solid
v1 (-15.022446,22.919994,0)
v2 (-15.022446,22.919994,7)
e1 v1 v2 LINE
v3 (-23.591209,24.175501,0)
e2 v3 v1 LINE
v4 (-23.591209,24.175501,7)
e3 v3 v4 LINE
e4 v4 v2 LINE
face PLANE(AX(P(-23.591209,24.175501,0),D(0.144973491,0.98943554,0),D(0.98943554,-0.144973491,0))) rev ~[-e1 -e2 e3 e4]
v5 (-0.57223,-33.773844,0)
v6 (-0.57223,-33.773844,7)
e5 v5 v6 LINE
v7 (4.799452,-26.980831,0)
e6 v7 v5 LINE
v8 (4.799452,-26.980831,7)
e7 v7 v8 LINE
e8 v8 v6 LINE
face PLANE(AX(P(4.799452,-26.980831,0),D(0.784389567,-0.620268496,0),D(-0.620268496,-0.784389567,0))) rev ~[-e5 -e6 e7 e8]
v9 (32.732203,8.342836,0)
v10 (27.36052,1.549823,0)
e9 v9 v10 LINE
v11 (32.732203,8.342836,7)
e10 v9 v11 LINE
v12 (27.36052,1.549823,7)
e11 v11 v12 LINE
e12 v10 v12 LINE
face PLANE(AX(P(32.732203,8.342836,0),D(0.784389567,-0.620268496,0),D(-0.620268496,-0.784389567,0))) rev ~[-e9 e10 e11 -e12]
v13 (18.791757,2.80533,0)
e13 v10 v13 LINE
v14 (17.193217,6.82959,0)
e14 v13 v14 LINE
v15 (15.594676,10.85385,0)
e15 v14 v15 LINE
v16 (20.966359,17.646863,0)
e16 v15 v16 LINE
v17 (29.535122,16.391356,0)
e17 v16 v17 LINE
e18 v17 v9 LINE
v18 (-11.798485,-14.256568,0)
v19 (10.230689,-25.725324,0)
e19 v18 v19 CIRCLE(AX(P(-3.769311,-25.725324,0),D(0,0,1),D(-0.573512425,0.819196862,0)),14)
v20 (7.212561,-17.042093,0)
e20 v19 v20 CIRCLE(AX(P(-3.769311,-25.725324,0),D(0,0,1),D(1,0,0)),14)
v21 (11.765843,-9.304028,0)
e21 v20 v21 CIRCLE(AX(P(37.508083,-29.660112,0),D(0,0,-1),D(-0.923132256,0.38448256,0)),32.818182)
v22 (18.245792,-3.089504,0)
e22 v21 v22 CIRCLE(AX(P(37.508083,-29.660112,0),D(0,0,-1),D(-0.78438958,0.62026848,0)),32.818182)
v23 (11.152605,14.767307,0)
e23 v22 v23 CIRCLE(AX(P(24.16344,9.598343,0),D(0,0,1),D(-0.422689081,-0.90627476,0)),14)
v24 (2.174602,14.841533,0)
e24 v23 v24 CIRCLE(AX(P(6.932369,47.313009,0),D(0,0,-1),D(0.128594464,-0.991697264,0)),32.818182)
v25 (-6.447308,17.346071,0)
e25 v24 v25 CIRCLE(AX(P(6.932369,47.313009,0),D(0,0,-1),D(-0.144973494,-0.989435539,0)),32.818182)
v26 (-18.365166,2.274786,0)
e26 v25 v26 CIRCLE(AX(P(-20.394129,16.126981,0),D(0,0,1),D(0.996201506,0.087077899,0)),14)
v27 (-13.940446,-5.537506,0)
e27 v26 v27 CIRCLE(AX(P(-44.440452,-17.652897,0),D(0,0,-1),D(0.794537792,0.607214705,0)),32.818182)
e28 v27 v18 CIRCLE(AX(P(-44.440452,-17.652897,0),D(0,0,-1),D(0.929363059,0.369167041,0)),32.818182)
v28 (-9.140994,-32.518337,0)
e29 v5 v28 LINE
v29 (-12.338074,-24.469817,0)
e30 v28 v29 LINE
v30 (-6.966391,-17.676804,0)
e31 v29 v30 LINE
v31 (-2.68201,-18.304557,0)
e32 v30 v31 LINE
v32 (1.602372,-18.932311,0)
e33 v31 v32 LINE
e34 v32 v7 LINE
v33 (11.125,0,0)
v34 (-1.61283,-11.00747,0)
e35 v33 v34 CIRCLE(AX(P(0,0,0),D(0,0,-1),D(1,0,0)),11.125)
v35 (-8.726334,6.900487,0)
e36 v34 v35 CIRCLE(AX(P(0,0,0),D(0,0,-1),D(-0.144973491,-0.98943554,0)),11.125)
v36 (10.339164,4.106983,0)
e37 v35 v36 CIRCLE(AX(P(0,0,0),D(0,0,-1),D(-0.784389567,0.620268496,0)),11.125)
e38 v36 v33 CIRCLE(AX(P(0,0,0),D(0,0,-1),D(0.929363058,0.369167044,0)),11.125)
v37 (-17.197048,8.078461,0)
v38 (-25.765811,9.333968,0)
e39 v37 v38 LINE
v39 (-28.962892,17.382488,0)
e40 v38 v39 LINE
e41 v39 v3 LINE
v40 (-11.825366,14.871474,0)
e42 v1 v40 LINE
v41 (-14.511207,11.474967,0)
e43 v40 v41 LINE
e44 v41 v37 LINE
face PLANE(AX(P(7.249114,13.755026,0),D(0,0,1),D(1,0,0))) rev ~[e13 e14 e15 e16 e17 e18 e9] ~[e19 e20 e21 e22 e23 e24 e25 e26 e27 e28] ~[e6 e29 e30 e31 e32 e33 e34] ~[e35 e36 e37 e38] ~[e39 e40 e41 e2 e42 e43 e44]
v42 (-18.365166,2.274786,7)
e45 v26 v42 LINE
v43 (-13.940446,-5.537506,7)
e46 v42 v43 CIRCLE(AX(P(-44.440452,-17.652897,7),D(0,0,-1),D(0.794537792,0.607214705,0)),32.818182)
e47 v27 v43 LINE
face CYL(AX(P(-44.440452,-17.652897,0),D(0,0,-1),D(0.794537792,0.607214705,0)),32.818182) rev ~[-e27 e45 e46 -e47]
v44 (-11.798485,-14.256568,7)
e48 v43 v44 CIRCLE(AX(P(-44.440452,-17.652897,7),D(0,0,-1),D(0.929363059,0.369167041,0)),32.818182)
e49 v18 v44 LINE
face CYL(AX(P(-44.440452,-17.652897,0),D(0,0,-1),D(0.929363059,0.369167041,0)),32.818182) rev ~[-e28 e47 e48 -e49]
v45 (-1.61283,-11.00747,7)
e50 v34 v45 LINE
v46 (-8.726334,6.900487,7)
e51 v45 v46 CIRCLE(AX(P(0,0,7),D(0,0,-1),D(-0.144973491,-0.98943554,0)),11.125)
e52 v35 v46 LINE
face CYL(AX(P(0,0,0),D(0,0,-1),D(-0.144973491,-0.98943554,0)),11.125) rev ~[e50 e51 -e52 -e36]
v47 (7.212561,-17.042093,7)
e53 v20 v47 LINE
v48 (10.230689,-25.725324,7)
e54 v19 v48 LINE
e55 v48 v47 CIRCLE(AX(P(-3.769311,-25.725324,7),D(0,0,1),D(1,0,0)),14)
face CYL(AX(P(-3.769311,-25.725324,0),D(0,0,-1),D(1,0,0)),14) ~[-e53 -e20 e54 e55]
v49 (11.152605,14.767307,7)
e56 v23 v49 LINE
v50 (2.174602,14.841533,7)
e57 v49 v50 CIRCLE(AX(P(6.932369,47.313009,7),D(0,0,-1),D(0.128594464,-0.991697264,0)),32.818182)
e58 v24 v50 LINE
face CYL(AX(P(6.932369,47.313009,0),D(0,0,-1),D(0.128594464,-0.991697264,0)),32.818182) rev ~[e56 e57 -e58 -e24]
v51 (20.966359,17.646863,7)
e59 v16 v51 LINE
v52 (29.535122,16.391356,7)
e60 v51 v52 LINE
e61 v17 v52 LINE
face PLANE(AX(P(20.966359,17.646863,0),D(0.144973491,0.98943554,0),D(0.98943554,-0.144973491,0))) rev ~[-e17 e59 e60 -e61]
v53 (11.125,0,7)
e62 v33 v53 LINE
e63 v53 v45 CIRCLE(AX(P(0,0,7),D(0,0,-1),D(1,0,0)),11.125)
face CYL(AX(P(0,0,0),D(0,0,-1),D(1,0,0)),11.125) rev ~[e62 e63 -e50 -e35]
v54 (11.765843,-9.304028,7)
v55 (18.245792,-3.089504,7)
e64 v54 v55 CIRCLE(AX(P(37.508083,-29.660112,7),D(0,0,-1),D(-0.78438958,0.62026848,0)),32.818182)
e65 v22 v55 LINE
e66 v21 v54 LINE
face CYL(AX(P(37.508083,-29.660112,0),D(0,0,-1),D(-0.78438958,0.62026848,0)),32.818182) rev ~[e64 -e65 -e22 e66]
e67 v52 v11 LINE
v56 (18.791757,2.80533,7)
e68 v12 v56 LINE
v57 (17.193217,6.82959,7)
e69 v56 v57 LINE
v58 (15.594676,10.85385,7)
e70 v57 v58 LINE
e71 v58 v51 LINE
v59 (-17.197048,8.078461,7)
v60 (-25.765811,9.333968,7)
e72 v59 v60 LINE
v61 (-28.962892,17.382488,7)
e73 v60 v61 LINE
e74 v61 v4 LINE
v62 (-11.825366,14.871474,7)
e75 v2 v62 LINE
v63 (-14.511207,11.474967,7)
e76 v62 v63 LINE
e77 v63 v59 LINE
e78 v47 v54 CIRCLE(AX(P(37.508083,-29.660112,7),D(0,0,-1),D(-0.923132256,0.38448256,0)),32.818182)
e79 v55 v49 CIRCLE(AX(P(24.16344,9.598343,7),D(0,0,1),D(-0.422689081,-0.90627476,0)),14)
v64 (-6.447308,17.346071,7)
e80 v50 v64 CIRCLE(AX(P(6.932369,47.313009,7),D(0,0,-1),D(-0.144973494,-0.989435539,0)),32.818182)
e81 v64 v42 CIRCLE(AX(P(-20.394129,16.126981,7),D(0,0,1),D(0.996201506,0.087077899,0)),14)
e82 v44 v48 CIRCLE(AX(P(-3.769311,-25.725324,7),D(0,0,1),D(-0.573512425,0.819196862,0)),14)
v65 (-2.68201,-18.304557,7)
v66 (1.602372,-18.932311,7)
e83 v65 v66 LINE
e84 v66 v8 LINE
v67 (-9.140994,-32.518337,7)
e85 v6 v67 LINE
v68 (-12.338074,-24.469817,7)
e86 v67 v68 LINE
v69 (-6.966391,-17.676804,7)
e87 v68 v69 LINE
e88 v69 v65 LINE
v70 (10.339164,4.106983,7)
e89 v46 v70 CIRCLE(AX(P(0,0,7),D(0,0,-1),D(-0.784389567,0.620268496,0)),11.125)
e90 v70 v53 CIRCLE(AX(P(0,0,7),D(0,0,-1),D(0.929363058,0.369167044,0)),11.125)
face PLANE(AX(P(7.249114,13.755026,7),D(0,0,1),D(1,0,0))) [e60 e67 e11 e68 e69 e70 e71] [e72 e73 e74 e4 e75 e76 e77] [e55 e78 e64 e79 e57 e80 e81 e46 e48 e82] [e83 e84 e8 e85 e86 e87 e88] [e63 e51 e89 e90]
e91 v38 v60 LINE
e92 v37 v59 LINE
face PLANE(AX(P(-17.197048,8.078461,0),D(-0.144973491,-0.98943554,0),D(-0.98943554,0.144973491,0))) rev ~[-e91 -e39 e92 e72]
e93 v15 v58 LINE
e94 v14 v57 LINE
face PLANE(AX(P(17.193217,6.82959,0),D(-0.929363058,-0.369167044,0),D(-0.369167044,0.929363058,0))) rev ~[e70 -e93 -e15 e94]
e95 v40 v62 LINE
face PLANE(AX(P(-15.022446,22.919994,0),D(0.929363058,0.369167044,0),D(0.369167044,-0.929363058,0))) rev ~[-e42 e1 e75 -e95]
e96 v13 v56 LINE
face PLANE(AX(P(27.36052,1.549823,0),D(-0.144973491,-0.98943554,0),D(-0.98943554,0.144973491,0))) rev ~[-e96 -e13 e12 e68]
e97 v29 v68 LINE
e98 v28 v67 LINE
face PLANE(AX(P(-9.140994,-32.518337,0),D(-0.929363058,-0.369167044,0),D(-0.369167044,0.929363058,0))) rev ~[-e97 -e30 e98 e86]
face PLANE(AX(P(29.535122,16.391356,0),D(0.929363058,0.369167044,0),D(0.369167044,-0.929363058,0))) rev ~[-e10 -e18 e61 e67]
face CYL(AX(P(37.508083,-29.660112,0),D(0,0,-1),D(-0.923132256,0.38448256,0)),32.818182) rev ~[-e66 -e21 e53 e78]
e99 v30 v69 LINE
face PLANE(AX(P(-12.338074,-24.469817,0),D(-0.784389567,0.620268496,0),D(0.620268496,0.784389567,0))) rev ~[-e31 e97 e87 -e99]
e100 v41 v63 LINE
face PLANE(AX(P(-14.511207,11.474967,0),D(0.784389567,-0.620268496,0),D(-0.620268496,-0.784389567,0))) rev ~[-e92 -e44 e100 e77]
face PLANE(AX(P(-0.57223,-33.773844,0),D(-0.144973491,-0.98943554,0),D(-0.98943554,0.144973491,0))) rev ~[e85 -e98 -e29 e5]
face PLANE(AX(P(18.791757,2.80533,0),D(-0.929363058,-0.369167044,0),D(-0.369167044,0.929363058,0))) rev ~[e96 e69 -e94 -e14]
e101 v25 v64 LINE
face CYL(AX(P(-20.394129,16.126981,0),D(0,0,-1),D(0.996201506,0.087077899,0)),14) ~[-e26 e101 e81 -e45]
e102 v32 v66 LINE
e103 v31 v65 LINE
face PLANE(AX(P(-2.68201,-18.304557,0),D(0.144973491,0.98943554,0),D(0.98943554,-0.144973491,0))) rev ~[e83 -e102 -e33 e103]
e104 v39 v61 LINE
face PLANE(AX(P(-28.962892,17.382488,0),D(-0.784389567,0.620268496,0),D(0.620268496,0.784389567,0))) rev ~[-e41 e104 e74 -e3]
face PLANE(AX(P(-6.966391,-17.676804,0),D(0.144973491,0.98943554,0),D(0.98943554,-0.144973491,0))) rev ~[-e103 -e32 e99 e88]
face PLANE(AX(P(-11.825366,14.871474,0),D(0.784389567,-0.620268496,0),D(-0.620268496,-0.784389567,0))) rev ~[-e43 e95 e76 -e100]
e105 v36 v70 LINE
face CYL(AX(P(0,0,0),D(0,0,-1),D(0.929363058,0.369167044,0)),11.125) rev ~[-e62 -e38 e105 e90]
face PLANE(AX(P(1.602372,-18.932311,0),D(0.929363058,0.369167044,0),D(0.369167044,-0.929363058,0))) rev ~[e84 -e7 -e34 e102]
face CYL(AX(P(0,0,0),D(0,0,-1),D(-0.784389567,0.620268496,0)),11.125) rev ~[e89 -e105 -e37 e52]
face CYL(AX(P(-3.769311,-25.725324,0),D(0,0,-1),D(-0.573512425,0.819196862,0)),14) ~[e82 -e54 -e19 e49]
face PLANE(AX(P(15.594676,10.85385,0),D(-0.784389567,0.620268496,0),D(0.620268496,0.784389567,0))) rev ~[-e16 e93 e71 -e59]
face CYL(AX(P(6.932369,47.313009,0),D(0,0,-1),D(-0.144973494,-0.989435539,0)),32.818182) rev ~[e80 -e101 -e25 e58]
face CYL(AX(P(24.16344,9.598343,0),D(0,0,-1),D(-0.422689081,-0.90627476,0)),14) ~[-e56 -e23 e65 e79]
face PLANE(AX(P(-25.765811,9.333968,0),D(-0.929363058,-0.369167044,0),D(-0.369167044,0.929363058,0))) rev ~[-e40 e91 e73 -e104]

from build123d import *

# Parameters (mm, degrees)
F1_DEPTH = 7


with BuildPart() as f1:
    # F0 (on Top) → F1 (new body)
    with BuildSketch(Plane.XY):
        with BuildLine():
            ThreePointArc((2.1746022478, 14.8415331103), (6.4977862425, 13.5195700356), (10.2307544738, 10.9695789753))
            ThreePointArc((10.2307544738, 10.9695789753), (10.5585141702, 12.900767483), (11.1526052364, 14.7673074037))
            ThreePointArc((11.1526052364, 14.7673074037), (6.6610534474, 14.4959482424), (2.1746022478, 14.8415331103))
        make_face()
        with BuildLine():
            ThreePointArc((-6.6537135081, 13.4435150371), (-2.3461080653, 14.8153898682), (2.1746022478, 14.8415331103))
            ThreePointArc((2.1746022478, 14.8415331103), (-2.222405254, 15.7975651559), (-6.4473076734, 17.3460714654))
            ThreePointArc((-6.4473076734, 17.3460714654), (-6.4074297998, 16.7371058402), (-6.3941287506, 16.1269808862))
            ThreePointArc((-6.3941287506, 16.1269808862), (-6.4591760525, 14.7789848542), (-6.6537135081, 13.4435150371))
        make_face()
        with BuildLine():
            ThreePointArc((-14.6153112984, 3.3753037866), (-16.4516494537, 2.6935577561), (-18.3651659754, 2.2747857513))
            ThreePointArc((-18.3651659754, 2.2747857513), (-15.8843861596, -1.4793326091), (-13.9404458375, -5.5375057427))
            ThreePointArc((-13.9404458375, -5.5375057427), (-14.9571842212, -1.1325370512), (-14.6153112984, 3.3753037866))
        make_face()
        with BuildLine():
            ThreePointArc((-11.7984847082, -14.2565679638), (-10.1191795776, -13.2481782826), (-8.3155687842, -12.484042446))
            ThreePointArc((-8.3155687842, -12.484042446), (-11.6574499679, -9.4394841091), (-13.9404458375, -5.5375057427))
            ThreePointArc((-13.9404458375, -5.5375057427), (-12.5698901189, -9.8234419736), (-11.7984847082, -14.2565679638))
        make_face()
        with BuildLine():
            ThreePointArc((7.2125607389, -17.042093155), (9.2233325136, -13.0166159499), (11.7658431097, -9.3040279405))
            ThreePointArc((11.7658431097, -9.3040279405), (8.4593976642, -12.3870331863), (4.3845568245, -14.3448827619))
            ThreePointArc((4.3845568245, -14.3448827619), (5.8931352835, -15.5943252391), (7.2125607389, -17.042093155))
        make_face()
        with BuildLine():
            ThreePointArc((18.2457923815, -3.0895035015), (16.5328487354, -2.1393774383), (14.9692822923, -0.959472591))
            ThreePointArc((14.9692822923, -0.959472591), (14.0035578894, -5.375906104), (11.7658431097, -9.3040279405))
            ThreePointArc((11.7658431097, -9.3040279405), (14.792295096, -5.9741234333), (18.2457923815, -3.0895035015))
        make_face()
        with BuildLine():
            ThreePointArc((-15.0224460068, 22.9199938039), (-10.9533439645, 19.7969343363), (-6.4473076734, 17.3460714654))
            ThreePointArc((-6.4473076734, 17.3460714654), (-31.3755826932, 24.8107398249), (-18.3651659754, 2.2747857513))
            ThreePointArc((-18.3651659754, 2.2747857513), (-21.7888075854, 6.0944414943), (-25.7658114944, 9.3339679685))
            Line((-25.7658114944, 9.3339679685), (-28.9628918775, 17.3824881445))
            Line((-28.9628918775, 17.3824881445), (-23.5912091337, 24.1755010623))
            Line((-23.5912091337, 24.1755010623), (-15.0224460068, 22.9199938039))
        make_face()
        with BuildLine():
            ThreePointArc((27.3605198922, 1.5498229669), (22.6213200346, -0.4125930385), (18.2457923815, -3.0895035015))
            ThreePointArc((18.2457923815, -3.0895035015), (31.6851726942, -2.2094309865), (38.1634395091, 9.598343143))
            ThreePointArc((38.1634395091, 9.598343143), (26.7948193926, 23.348828222), (11.1526052364, 14.7673074037))
            ThreePointArc((11.1526052364, 14.7673074037), (16.1723449486, 15.82244014), (20.966359126, 17.646863319))
            Line((20.966359126, 17.646863319), (29.5351222529, 16.3913560607))
            Line((29.5351222529, 16.3913560607), (32.732202636, 8.3428358846))
            Line((32.732202636, 8.3428358846), (27.3605198922, 1.5498229669))
        make_face()
        with BuildLine():
            ThreePointArc((10.2306892415, -25.7253240292), (9.454648576, -21.1289233158), (7.2125607389, -17.042093155))
            ThreePointArc((7.2125607389, -17.042093155), (5.6164626368, -21.9168816343), (4.7994523683, -26.9808312875))
            Line((4.7994523683, -26.9808312875), (-0.5722303754, -33.7738442052))
            Line((-0.5722303754, -33.7738442052), (-9.1409935023, -32.5183369469))
            Line((-9.1409935023, -32.5183369469), (-12.3380738854, -24.4698167708))
            ThreePointArc((-12.3380738854, -24.4698167708), (-11.6679760701, -19.3843412978), (-11.7984847082, -14.2565679638))
            ThreePointArc((-11.7984847082, -14.2565679638), (-10.2342765243, -38.1432231127), (10.2306892415, -25.7253240292))
        make_face()
        with BuildLine():
            ThreePointArc((13.9404458706, 5.5375056594), (14.7327303657, 2.818981371), (15, 0))
            ThreePointArc((15, 0), (14.9923186063, -0.4799820909), (14.9692822923, -0.959472591))
            ThreePointArc((14.9692822923, -0.959472591), (16.5328487354, -2.1393774383), (18.2457923815, -3.0895035015))
            ThreePointArc((18.2457923815, -3.0895035015), (22.6213200346, -0.4125930385), (27.3605198922, 1.5498229669))
            Line((27.3605198922, 1.5498229669), (18.7917567653, 2.8053302252))
            Line((18.7917567653, 2.8053302252), (17.1932165738, 6.8295903133))
            Line((17.1932165738, 6.8295903133), (13.9404458706, 5.5375056594))
        make_face()
        with BuildLine():
            ThreePointArc((10.2307544738, 10.9695789753), (12.3870330043, 8.4593979307), (13.9404458706, 5.5375056594))
            Line((13.9404458706, 5.5375056594), (17.1932165738, 6.8295903133))
            Line((17.1932165738, 6.8295903133), (15.5946763822, 10.8538504013))
            Line((15.5946763822, 10.8538504013), (20.966359126, 17.646863319))
            ThreePointArc((20.966359126, 17.646863319), (16.1723449486, 15.82244014), (11.1526052364, 14.7673074037))
            ThreePointArc((11.1526052364, 14.7673074037), (10.5585141702, 12.900767483), (10.2307544738, 10.9695789753))
        make_face()
        with BuildLine():
            ThreePointArc((-11.76584351, 9.3040274344), (-9.4394840743, 11.6574499961), (-6.6537135081, 13.4435150371))
            ThreePointArc((-6.6537135081, 13.4435150371), (-6.4591760525, 14.7789848542), (-6.3941287506, 16.1269808862))
            ThreePointArc((-6.3941287506, 16.1269808862), (-6.4074297998, 16.7371058402), (-6.4473076734, 17.3460714654))
            ThreePointArc((-6.4473076734, 17.3460714654), (-10.9533439645, 19.7969343363), (-15.0224460068, 22.9199938039))
            Line((-15.0224460068, 22.9199938039), (-11.8253656237, 14.8714736279))
            Line((-11.8253656237, 14.8714736279), (-14.5112069956, 11.474967169))
            Line((-14.5112069956, 11.474967169), (-11.76584351, 9.3040274344))
        make_face()
        with BuildLine():
            ThreePointArc((-14.6153112984, 3.3753037866), (-13.5195700109, 6.4977862939), (-11.76584351, 9.3040274344))
            Line((-11.76584351, 9.3040274344), (-14.5112069956, 11.474967169))
            Line((-14.5112069956, 11.474967169), (-17.1970483675, 8.0784607102))
            Line((-17.1970483675, 8.0784607102), (-25.7658114944, 9.3339679685))
            ThreePointArc((-25.7658114944, 9.3339679685), (-21.7888075854, 6.0944414943), (-18.3651659754, 2.2747857513))
            ThreePointArc((-18.3651659754, 2.2747857513), (-16.4516494537, 2.6935577561), (-14.6153112984, 3.3753037866))
        make_face()
        with BuildLine():
            Line((-2.6820095782, -18.3045574823), (-2.1746023607, -14.8415330938))
            ThreePointArc((-2.1746023607, -14.8415330938), (-5.3759058028, -14.003558005), (-8.3155687842, -12.484042446))
            ThreePointArc((-8.3155687842, -12.484042446), (-10.1191795776, -13.2481782826), (-11.7984847082, -14.2565679638))
            ThreePointArc((-11.7984847082, -14.2565679638), (-11.6679760701, -19.3843412978), (-12.3380738854, -24.4698167708))
            Line((-12.3380738854, -24.4698167708), (-6.9663911416, -17.6768038531))
            Line((-6.9663911416, -17.6768038531), (-2.6820095782, -18.3045574823))
        make_face()
        with BuildLine():
            ThreePointArc((7.2125607389, -17.042093155), (5.8931352835, -15.5943252391), (4.3845568245, -14.3448827619))
            ThreePointArc((4.3845568245, -14.3448827619), (1.1325370065, -14.9571842246), (-2.1746023607, -14.8415330938))
            Line((-2.1746023607, -14.8415330938), (-2.6820095782, -18.3045574823))
            Line((-2.6820095782, -18.3045574823), (1.6023719853, -18.9323111115))
            Line((1.6023719853, -18.9323111115), (4.7994523683, -26.9808312875))
            ThreePointArc((4.7994523683, -26.9808312875), (5.6164626368, -21.9168816343), (7.2125607389, -17.042093155))
        make_face()
        with BuildLine():
            ThreePointArc((11.1523566965, 4.4300045275), (10.3004252283, 7.6446709467), (10.2307544738, 10.9695789753))
            ThreePointArc((10.2307544738, 10.9695789753), (6.4977862425, 13.5195700356), (2.1746022478, 14.8415331103))
            ThreePointArc((2.1746022478, 14.8415331103), (-2.3461080653, 14.8153898682), (-6.6537135081, 13.4435150371))
            ThreePointArc((-6.6537135081, 13.4435150371), (-7.674318088, 10.2783556881), (-9.412674808, 7.4432219475))
            Line((-9.412674808, 7.4432219475), (-8.7263339365, 6.9004870138))
            ThreePointArc((-8.7263339365, 6.9004870138), (1.6128300842, 11.0074703779), (10.3391640207, 4.1069833641))
            Line((10.3391640207, 4.1069833641), (11.1523566965, 4.4300045275))
        make_face()
        with BuildLine():
            ThreePointArc((11.7658431097, -9.3040279405), (14.0035578894, -5.375906104), (14.9692822923, -0.959472591))
            ThreePointArc((14.9692822923, -0.959472591), (12.738476179, 1.5069765769), (11.1523566965, 4.4300045275))
            Line((11.1523566965, 4.4300045275), (10.3391640207, 4.1069833641))
            ThreePointArc((10.3391640207, 4.1069833641), (10.9267750213, 2.0907445168), (11.125, 0))
            ThreePointArc((11.125, 0), (7.274025375, -8.4174924914), (-1.6128300842, -11.0074703779))
            Line((-1.6128300842, -11.0074703779), (-1.7396818885, -11.873226475))
            ThreePointArc((-1.7396818885, -11.873226475), (1.4702666292, -12.7427653908), (4.3845568245, -14.3448827619))
            ThreePointArc((4.3845568245, -14.3448827619), (8.4593976642, -12.3870331863), (11.7658431097, -9.3040279405))
        make_face()
        with BuildLine():
            ThreePointArc((-9.412674808, 7.4432219475), (-7.674318088, 10.2783556881), (-6.6537135081, 13.4435150371))
            ThreePointArc((-6.6537135081, 13.4435150371), (-9.4394840743, 11.6574499961), (-11.76584351, 9.3040274344))
            Line((-11.76584351, 9.3040274344), (-9.412674808, 7.4432219475))
        make_face()
        with BuildLine():
            Line((-9.412674808, 7.4432219475), (-11.76584351, 9.3040274344))
            ThreePointArc((-11.76584351, 9.3040274344), (-13.5195700109, 6.4977862939), (-14.6153112984, 3.3753037866))
            ThreePointArc((-14.6153112984, 3.3753037866), (-11.7706918576, 5.0980944442), (-9.412674808, 7.4432219475))
        make_face()
        with BuildLine():
            ThreePointArc((14.9692822923, -0.959472591), (14.9923186063, -0.4799820909), (15, 0))
            ThreePointArc((15, 0), (14.7327303657, 2.818981371), (13.9404458706, 5.5375056594))
            Line((13.9404458706, 5.5375056594), (11.1523566965, 4.4300045275))
            ThreePointArc((11.1523566965, 4.4300045275), (12.738476179, 1.5069765769), (14.9692822923, -0.959472591))
        make_face()
        with BuildLine():
            ThreePointArc((-1.6128300842, -11.0074703779), (-10.3391640207, -4.1069833641), (-8.7263339365, 6.9004870138))
            Line((-8.7263339365, 6.9004870138), (-9.412674808, 7.4432219475))
            ThreePointArc((-9.412674808, 7.4432219475), (-11.7706918576, 5.0980944442), (-14.6153112984, 3.3753037866))
            ThreePointArc((-14.6153112984, 3.3753037866), (-14.9571842212, -1.1325370512), (-13.9404458375, -5.5375057427))
            ThreePointArc((-13.9404458375, -5.5375057427), (-11.6574499679, -9.4394841091), (-8.3155687842, -12.484042446))
            ThreePointArc((-8.3155687842, -12.484042446), (-5.064158091, -11.785332265), (-1.7396818885, -11.873226475))
            Line((-1.7396818885, -11.873226475), (-1.6128300842, -11.0074703779))
        make_face()
        with BuildLine():
            ThreePointArc((-8.3155687842, -12.484042446), (-5.3759058028, -14.003558005), (-2.1746023607, -14.8415330938))
            Line((-2.1746023607, -14.8415330938), (-1.7396818885, -11.873226475))
            ThreePointArc((-1.7396818885, -11.873226475), (-5.064158091, -11.785332265), (-8.3155687842, -12.484042446))
        make_face()
        with BuildLine():
            ThreePointArc((-2.1746023607, -14.8415330938), (1.1325370065, -14.9571842246), (4.3845568245, -14.3448827619))
            ThreePointArc((4.3845568245, -14.3448827619), (1.4702666292, -12.7427653908), (-1.7396818885, -11.873226475))
            Line((-1.7396818885, -11.873226475), (-2.1746023607, -14.8415330938))
        make_face()
        with BuildLine():
            Line((11.1523566965, 4.4300045275), (13.9404458706, 5.5375056594))
            ThreePointArc((13.9404458706, 5.5375056594), (12.3870330043, 8.4593979307), (10.2307544738, 10.9695789753))
            ThreePointArc((10.2307544738, 10.9695789753), (10.3004252283, 7.6446709467), (11.1523566965, 4.4300045275))
        make_face()
    extrude(amount=F1_DEPTH)


solid = f1.part
